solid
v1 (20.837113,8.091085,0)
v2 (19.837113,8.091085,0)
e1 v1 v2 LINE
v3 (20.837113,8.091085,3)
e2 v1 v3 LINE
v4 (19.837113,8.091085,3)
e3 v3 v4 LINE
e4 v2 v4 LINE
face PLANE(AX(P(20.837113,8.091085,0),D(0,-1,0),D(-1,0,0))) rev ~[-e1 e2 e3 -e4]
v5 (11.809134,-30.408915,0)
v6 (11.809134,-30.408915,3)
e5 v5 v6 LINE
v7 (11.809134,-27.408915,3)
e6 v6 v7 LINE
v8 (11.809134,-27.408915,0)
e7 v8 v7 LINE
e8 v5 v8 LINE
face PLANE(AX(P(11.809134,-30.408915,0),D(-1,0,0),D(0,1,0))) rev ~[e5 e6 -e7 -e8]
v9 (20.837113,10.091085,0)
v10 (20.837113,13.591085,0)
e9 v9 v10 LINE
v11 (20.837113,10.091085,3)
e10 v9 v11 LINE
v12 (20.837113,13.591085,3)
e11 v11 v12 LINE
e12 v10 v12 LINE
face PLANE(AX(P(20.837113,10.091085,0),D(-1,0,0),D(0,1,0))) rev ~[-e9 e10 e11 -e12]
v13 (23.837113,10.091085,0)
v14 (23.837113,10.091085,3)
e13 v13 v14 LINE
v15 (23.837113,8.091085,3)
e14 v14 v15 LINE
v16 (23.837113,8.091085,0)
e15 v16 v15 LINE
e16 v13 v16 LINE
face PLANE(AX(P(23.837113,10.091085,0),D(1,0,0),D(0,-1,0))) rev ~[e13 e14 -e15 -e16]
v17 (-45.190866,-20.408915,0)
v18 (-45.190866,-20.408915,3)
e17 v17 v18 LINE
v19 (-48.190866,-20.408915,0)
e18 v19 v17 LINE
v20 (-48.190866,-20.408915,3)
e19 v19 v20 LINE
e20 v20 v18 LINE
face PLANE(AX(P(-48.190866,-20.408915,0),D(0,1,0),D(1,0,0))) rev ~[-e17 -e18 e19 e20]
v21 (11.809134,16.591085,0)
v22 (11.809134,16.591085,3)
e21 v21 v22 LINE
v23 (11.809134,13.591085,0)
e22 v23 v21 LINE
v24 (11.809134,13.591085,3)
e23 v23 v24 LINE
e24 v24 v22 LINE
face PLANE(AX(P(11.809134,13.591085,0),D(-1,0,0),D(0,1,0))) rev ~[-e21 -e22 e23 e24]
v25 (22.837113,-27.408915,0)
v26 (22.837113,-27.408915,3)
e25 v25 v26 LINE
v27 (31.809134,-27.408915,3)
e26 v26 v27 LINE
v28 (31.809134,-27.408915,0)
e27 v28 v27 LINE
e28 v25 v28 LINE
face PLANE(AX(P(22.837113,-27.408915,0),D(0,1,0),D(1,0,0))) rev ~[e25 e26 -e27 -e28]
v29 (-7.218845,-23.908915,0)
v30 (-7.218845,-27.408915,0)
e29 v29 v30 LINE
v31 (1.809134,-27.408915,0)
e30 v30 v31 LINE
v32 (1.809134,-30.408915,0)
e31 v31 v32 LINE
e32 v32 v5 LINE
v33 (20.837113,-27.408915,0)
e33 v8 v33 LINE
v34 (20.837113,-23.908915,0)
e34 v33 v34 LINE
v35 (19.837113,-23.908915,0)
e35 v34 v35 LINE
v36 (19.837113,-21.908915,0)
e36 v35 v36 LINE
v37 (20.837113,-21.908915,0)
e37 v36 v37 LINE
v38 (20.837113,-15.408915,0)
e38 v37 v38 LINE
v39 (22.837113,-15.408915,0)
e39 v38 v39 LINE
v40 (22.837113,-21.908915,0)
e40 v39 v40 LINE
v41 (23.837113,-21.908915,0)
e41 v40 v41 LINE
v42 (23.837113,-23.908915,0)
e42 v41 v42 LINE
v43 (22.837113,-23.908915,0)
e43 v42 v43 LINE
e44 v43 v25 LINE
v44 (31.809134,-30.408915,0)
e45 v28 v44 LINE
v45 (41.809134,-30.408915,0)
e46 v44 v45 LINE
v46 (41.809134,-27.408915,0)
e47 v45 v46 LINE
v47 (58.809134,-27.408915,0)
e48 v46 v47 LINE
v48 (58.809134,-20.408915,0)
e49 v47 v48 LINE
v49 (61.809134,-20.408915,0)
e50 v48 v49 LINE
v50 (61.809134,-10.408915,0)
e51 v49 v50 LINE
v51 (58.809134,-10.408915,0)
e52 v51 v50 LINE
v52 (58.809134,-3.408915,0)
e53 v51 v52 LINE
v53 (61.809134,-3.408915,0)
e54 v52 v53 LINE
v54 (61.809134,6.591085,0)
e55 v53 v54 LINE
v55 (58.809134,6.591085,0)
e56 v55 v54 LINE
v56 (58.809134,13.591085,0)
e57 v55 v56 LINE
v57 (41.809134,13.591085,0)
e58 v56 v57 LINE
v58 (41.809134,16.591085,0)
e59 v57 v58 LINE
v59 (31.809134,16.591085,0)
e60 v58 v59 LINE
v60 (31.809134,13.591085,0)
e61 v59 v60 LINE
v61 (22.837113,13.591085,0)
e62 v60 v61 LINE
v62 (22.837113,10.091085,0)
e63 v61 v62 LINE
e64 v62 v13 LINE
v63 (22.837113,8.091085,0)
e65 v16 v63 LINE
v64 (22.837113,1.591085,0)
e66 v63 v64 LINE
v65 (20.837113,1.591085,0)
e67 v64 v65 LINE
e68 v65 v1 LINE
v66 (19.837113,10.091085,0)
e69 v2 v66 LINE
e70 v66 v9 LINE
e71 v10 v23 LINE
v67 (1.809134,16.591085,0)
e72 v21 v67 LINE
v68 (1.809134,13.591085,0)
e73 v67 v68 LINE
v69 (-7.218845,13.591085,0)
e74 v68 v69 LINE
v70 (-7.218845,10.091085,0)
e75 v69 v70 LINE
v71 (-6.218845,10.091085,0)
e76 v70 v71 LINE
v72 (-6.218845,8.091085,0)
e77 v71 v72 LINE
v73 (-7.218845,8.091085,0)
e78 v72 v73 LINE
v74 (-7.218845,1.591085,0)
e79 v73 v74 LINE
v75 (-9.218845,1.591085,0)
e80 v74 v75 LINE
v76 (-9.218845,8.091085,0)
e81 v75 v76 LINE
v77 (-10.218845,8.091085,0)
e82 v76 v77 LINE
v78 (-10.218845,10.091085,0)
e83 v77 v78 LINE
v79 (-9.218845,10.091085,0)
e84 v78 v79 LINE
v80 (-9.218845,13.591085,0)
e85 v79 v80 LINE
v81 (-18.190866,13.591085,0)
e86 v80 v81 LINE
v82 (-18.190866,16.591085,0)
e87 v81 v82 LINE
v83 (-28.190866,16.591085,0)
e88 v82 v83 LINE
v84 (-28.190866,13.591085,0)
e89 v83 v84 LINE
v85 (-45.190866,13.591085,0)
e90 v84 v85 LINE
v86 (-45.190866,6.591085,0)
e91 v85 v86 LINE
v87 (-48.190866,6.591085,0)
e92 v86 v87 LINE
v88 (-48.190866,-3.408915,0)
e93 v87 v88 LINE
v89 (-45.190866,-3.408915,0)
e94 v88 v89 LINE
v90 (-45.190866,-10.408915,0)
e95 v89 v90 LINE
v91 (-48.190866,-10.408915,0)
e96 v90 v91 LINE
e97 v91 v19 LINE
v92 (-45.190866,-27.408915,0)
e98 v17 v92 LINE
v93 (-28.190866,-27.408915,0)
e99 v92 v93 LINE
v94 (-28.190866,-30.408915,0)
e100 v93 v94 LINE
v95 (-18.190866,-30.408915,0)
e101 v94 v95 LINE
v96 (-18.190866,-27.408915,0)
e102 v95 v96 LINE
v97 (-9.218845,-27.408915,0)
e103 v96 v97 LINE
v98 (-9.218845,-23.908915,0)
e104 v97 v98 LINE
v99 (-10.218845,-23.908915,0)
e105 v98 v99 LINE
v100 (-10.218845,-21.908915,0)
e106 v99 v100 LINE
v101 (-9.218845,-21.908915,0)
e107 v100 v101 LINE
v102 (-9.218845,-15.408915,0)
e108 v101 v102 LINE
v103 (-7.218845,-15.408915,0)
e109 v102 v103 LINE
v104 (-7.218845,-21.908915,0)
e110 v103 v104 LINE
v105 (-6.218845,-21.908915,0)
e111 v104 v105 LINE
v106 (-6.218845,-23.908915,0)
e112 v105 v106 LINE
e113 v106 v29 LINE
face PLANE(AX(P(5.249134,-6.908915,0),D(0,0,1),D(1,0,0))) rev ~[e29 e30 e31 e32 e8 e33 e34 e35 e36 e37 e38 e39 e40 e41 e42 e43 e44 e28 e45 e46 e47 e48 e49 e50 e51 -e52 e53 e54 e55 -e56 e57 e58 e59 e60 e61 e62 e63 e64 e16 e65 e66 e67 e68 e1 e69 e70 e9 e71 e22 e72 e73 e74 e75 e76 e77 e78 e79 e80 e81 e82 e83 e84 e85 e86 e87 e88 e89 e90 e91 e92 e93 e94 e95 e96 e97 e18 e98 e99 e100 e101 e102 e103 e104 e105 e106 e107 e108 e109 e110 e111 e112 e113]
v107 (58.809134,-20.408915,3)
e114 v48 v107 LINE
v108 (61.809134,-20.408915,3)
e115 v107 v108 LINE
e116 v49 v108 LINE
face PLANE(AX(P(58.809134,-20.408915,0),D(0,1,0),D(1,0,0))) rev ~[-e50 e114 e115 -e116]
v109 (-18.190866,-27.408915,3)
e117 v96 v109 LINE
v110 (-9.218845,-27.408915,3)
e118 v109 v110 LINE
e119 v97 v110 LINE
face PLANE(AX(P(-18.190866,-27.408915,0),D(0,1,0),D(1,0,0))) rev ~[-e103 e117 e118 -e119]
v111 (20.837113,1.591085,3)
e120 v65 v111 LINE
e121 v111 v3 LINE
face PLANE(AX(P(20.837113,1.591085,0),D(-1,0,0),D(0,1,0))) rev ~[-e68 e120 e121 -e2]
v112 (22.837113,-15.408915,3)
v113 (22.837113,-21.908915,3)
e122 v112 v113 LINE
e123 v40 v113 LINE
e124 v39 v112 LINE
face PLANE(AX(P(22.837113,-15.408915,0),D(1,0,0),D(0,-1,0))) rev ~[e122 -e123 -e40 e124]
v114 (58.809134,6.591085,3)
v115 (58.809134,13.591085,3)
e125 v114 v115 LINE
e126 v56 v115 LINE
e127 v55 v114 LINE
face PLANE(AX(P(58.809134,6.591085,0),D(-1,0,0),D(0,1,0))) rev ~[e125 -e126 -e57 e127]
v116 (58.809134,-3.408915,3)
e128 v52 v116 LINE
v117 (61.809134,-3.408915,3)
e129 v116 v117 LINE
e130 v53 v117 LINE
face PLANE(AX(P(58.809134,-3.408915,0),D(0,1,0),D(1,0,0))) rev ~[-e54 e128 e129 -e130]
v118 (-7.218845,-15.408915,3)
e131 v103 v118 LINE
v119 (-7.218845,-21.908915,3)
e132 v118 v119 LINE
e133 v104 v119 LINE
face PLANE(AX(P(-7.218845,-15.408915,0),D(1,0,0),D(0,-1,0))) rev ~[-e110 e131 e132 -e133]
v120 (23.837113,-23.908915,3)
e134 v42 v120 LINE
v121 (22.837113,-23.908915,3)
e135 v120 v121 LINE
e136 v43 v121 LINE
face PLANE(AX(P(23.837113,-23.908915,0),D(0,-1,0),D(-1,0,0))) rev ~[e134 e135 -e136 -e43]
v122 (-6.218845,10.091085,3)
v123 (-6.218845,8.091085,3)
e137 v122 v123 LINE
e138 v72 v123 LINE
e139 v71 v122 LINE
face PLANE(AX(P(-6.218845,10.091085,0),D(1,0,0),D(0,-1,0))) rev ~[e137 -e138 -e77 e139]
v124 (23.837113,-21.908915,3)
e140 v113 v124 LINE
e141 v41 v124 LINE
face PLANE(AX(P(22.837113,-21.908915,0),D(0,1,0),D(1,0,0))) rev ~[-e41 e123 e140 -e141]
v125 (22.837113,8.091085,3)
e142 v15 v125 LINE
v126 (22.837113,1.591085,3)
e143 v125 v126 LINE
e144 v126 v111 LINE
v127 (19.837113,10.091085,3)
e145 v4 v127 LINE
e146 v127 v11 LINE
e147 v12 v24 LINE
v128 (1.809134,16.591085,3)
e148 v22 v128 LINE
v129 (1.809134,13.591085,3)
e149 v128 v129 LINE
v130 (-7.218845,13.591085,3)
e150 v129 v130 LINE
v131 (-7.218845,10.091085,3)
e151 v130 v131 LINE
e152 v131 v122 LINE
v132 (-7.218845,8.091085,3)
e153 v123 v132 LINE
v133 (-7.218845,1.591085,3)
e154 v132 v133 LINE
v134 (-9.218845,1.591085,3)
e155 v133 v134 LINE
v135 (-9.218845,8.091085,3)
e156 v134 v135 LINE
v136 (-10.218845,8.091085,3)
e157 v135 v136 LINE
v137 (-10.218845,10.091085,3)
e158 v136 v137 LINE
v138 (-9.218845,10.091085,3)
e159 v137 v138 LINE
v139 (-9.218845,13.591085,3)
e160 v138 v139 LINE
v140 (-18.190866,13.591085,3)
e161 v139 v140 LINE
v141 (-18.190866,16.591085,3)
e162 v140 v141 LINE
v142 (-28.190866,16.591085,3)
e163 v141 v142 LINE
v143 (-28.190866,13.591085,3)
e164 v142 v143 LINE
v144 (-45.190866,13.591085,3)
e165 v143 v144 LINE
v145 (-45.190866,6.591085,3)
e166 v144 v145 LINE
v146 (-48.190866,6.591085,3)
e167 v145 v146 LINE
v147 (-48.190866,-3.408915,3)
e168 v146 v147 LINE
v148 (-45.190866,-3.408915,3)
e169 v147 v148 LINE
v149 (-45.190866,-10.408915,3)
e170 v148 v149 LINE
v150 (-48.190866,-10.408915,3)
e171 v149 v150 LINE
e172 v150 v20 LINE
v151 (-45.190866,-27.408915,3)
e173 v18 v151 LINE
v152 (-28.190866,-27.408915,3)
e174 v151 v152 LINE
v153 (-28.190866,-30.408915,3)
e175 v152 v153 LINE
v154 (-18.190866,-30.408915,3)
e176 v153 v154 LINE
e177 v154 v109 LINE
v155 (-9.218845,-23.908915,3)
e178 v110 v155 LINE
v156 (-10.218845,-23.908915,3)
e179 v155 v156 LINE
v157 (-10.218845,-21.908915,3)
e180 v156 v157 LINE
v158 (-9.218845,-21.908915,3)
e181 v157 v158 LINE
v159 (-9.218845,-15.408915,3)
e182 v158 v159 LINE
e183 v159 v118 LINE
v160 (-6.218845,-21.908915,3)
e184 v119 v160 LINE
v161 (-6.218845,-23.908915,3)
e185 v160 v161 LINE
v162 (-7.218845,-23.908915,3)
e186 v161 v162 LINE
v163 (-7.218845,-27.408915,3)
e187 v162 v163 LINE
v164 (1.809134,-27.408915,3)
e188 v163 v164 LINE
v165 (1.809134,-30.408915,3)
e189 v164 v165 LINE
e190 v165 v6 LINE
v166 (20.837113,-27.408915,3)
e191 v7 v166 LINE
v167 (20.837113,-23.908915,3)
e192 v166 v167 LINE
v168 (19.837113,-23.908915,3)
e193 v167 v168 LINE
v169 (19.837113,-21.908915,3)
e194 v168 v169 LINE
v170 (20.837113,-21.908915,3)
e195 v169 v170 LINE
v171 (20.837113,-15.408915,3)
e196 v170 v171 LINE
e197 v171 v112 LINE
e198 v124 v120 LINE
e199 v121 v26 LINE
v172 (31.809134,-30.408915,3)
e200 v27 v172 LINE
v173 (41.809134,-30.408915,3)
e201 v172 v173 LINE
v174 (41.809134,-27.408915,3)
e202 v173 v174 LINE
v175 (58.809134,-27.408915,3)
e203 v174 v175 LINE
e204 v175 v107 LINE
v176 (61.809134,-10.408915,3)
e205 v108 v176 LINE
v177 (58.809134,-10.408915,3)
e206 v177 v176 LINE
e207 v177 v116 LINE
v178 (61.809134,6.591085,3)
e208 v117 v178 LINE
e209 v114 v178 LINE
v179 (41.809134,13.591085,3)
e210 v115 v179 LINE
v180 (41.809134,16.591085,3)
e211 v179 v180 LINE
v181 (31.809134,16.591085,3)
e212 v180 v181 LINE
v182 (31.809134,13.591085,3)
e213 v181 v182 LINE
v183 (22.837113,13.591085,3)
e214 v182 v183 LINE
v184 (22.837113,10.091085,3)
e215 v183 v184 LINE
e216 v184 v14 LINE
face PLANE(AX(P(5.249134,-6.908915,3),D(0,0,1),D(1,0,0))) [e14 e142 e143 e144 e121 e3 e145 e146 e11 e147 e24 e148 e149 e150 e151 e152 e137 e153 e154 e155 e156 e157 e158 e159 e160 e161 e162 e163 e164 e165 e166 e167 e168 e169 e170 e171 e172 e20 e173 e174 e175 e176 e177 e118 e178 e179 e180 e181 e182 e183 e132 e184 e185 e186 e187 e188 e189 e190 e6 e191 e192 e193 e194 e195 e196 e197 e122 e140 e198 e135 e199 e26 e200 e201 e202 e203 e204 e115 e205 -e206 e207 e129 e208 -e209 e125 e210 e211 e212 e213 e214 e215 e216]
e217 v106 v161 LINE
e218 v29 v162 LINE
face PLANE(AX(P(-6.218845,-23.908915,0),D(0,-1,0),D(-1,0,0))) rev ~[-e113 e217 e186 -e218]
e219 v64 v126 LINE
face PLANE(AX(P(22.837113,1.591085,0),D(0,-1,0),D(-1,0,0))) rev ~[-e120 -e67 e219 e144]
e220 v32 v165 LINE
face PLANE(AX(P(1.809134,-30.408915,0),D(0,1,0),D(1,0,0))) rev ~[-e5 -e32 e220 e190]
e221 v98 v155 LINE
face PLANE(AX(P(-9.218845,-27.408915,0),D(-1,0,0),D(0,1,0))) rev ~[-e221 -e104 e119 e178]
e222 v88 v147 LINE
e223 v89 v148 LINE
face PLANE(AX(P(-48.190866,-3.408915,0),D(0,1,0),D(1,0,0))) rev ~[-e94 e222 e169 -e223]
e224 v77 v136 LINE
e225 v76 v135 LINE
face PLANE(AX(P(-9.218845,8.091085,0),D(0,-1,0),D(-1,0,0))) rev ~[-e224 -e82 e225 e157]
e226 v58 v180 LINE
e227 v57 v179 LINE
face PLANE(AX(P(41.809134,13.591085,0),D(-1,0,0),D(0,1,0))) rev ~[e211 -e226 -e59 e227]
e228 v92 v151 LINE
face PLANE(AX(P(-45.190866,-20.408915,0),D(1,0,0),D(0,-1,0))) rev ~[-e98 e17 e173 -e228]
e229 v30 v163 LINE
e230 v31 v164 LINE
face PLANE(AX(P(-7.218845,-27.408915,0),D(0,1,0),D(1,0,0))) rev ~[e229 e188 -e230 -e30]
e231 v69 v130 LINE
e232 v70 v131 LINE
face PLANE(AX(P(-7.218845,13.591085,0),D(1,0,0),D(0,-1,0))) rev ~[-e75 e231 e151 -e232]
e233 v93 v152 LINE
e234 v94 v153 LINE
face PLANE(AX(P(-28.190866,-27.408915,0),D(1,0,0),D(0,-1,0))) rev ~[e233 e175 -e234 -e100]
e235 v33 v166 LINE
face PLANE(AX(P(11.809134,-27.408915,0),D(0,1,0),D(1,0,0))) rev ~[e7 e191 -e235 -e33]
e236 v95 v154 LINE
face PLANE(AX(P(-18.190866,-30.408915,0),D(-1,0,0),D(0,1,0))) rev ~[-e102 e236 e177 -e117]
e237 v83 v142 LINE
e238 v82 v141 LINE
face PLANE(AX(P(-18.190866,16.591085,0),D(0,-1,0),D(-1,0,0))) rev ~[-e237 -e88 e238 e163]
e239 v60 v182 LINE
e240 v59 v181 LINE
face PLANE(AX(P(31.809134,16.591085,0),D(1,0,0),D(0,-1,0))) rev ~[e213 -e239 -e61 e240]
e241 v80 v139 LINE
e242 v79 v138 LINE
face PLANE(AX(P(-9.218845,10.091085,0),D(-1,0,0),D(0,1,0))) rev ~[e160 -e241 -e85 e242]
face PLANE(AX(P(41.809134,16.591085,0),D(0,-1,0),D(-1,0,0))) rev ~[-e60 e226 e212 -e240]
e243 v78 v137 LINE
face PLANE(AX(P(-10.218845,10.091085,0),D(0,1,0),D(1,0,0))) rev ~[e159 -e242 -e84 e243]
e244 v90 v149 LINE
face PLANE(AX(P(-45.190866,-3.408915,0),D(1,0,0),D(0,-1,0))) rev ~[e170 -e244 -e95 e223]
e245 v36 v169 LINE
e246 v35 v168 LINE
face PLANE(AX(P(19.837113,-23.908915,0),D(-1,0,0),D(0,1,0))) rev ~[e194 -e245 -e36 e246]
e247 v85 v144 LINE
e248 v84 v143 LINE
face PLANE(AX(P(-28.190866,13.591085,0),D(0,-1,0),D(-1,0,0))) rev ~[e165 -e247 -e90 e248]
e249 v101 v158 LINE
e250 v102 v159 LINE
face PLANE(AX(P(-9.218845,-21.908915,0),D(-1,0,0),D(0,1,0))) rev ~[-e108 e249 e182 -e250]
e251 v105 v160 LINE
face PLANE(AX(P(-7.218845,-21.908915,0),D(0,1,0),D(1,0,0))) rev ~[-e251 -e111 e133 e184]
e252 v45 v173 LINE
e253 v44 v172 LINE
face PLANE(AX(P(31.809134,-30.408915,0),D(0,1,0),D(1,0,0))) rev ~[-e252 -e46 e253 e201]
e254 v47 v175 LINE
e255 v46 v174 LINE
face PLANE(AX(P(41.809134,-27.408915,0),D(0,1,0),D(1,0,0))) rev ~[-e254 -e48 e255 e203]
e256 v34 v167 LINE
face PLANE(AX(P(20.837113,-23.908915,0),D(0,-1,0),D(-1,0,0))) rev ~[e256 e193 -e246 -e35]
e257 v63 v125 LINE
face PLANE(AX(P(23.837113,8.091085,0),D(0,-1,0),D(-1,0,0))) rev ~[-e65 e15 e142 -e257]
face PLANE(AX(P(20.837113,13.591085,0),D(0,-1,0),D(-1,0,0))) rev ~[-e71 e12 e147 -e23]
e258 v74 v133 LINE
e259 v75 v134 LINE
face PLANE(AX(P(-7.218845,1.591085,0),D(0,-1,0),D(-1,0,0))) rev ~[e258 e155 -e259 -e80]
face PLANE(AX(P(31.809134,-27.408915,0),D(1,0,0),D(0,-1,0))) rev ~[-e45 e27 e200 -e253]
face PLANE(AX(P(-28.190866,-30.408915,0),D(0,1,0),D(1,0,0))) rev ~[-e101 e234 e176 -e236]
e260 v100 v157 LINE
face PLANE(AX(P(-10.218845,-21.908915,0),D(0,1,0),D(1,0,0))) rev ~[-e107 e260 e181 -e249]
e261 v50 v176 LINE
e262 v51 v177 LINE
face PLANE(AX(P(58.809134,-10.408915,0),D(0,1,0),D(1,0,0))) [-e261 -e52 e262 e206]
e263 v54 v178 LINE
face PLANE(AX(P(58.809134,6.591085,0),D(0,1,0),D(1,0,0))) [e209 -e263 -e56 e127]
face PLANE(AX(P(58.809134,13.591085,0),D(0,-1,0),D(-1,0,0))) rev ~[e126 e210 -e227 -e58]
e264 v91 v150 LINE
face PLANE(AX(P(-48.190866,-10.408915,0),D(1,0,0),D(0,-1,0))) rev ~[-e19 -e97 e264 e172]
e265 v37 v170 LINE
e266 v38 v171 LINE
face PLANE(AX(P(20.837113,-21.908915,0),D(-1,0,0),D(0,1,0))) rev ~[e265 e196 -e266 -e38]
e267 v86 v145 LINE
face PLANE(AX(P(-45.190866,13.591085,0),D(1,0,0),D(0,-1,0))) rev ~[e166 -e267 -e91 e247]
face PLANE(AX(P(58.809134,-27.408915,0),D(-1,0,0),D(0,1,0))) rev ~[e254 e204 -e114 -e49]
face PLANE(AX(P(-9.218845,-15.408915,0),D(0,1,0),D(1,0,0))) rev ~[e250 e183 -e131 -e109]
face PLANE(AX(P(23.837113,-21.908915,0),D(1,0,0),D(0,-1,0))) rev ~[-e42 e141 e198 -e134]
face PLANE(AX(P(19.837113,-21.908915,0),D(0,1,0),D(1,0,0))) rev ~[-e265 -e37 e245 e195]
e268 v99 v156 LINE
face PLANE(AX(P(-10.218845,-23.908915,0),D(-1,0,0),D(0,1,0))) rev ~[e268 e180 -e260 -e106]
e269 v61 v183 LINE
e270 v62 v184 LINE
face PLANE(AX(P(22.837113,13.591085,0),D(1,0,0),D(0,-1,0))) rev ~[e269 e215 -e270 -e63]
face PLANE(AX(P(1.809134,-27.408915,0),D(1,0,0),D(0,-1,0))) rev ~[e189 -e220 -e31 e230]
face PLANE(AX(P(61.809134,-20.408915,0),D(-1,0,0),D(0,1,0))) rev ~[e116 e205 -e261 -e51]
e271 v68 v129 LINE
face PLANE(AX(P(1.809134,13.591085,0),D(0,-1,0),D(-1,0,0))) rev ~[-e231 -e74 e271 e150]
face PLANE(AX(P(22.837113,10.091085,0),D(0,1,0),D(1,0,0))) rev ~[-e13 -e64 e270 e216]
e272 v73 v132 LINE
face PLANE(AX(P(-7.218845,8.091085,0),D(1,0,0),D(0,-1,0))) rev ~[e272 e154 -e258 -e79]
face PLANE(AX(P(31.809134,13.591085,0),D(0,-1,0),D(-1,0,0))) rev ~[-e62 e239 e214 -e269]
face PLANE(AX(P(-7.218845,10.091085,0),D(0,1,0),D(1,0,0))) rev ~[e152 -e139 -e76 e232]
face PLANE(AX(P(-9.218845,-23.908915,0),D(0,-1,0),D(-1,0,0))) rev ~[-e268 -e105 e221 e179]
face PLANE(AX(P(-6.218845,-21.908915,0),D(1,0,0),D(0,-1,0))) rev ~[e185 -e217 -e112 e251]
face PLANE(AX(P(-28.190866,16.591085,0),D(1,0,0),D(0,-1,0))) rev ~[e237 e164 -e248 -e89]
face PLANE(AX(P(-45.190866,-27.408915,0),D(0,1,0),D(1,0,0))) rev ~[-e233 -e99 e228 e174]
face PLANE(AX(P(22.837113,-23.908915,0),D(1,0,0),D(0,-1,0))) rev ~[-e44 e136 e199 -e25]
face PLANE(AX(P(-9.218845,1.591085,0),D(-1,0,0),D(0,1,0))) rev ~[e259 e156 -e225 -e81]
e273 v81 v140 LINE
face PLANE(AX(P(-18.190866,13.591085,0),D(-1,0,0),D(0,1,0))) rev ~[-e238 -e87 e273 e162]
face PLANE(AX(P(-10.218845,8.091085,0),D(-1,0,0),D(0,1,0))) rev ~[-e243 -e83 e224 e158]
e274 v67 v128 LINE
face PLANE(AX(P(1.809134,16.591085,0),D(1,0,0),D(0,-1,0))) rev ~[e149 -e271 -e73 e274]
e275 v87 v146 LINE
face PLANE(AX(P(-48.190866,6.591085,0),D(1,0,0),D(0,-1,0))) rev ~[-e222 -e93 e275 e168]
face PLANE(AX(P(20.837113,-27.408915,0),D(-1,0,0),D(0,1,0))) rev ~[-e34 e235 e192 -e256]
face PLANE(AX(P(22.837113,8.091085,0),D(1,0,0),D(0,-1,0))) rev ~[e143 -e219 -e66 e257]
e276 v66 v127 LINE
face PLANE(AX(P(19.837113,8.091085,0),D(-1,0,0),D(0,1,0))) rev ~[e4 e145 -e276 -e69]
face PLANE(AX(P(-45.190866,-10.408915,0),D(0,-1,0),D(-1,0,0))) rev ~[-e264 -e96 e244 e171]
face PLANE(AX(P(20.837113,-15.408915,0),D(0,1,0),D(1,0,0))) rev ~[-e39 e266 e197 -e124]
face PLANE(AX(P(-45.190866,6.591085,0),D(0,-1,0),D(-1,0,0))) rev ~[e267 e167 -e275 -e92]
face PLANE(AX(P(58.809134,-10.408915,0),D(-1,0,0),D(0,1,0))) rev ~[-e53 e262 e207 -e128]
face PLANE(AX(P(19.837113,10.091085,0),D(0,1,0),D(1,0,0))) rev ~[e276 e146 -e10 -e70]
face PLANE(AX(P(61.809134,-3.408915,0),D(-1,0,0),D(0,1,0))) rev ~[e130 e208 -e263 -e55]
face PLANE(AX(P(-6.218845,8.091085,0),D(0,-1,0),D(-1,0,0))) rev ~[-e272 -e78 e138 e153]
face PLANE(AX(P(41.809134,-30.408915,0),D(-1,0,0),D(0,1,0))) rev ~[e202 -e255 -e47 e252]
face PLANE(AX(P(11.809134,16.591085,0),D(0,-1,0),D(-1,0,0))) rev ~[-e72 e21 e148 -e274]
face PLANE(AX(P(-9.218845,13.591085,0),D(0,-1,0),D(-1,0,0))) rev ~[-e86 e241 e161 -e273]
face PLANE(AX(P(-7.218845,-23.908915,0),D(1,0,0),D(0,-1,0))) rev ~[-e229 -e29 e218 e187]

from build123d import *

# Parameters (mm, degrees)
F0_W     = 3
F0_H     = 10
F1_DEPTH = 3


with BuildPart() as f1:
    # F0 (on Top) → F1 (new body)
    with BuildSketch(Plane.XY):
        Polygon((-28.190866, 13.591085), (-45.190866, 13.591085), (-45.190866, 6.591085), (-48.190866, 6.591085), (-48.190866, -3.408915), (-45.190866, -3.408915), (-45.190866, -10.408915), (-48.190866, -10.408915), (-48.190866, -20.408915), (-45.190866, -20.408915), (-45.190866, -27.408915), (-28.190866, -27.408915), (-28.190866, -30.408915), (-18.190866, -30.408915), (-18.190866, -27.408915), (-9.218845, -27.408915), (-9.218845, -23.908915), (-10.218845, -23.908915), (-10.218845, -21.908915), (-9.218845, -21.908915), (-9.218845, -15.408915), (-7.218845, -15.408915), (-7.218845, -21.908915), (-6.218845, -21.908915), (-6.218845, -23.908915), (-7.218845, -23.908915), (-7.218845, -27.408915), (1.809134, -27.408915), (1.809134, -30.408915), (11.809134, -30.408915), (11.809134, -27.408915), (20.837113, -27.408915), (20.837113, -23.908915), (19.837113, -23.908915), (19.837113, -21.908915), (20.837113, -21.908915), (20.837113, -15.408915), (22.837113, -15.408915), (22.837113, -21.908915), (23.837113, -21.908915), (23.837113, -23.908915), (22.837113, -23.908915), (22.837113, -27.408915), (31.809134, -27.408915), (31.809134, -30.408915), (41.809134, -30.408915), (41.809134, -27.408915), (45.309134, -27.408915), (58.809134, -27.408915), (58.809134, -20.408915), (58.809134, -10.408915), (58.809134, -3.408915), (58.809134, 6.591085), (58.809134, 13.591085), (41.809134, 13.591085), (41.809134, 16.591085), (31.809134, 16.591085), (31.809134, 13.591085), (22.837113, 13.591085), (22.837113, 10.091085), (23.837113, 10.091085), (23.837113, 8.091085), (22.837113, 8.091085), (22.837113, 1.591085), (20.837113, 1.591085), (20.837113, 8.091085), (19.837113, 8.091085), (19.837113, 10.091085), (20.837113, 10.091085), (20.837113, 13.591085), (11.809134, 13.591085), (11.809134, 16.591085), (1.809134, 16.591085), (1.809134, 13.591085), (-7.218845, 13.591085), (-7.218845, 10.091085), (-6.218845, 10.091085), (-6.218845, 8.091085), (-7.218845, 8.091085), (-7.218845, 1.591085), (-9.218845, 1.591085), (-9.218845, 8.091085), (-10.218845, 8.091085), (-10.218845, 10.091085), (-9.218845, 10.091085), (-9.218845, 13.591085), (-18.190866, 13.591085), (-18.190866, 16.591085), (-28.190866, 16.591085), align=None)
        with Locations((60.309134, 1.591085)):
            Rectangle(F0_W, F0_H)
        with Locations((60.309134, -15.408915)):
            Rectangle(F0_W, F0_H)
    extrude(amount=F1_DEPTH)


solid = f1.part
